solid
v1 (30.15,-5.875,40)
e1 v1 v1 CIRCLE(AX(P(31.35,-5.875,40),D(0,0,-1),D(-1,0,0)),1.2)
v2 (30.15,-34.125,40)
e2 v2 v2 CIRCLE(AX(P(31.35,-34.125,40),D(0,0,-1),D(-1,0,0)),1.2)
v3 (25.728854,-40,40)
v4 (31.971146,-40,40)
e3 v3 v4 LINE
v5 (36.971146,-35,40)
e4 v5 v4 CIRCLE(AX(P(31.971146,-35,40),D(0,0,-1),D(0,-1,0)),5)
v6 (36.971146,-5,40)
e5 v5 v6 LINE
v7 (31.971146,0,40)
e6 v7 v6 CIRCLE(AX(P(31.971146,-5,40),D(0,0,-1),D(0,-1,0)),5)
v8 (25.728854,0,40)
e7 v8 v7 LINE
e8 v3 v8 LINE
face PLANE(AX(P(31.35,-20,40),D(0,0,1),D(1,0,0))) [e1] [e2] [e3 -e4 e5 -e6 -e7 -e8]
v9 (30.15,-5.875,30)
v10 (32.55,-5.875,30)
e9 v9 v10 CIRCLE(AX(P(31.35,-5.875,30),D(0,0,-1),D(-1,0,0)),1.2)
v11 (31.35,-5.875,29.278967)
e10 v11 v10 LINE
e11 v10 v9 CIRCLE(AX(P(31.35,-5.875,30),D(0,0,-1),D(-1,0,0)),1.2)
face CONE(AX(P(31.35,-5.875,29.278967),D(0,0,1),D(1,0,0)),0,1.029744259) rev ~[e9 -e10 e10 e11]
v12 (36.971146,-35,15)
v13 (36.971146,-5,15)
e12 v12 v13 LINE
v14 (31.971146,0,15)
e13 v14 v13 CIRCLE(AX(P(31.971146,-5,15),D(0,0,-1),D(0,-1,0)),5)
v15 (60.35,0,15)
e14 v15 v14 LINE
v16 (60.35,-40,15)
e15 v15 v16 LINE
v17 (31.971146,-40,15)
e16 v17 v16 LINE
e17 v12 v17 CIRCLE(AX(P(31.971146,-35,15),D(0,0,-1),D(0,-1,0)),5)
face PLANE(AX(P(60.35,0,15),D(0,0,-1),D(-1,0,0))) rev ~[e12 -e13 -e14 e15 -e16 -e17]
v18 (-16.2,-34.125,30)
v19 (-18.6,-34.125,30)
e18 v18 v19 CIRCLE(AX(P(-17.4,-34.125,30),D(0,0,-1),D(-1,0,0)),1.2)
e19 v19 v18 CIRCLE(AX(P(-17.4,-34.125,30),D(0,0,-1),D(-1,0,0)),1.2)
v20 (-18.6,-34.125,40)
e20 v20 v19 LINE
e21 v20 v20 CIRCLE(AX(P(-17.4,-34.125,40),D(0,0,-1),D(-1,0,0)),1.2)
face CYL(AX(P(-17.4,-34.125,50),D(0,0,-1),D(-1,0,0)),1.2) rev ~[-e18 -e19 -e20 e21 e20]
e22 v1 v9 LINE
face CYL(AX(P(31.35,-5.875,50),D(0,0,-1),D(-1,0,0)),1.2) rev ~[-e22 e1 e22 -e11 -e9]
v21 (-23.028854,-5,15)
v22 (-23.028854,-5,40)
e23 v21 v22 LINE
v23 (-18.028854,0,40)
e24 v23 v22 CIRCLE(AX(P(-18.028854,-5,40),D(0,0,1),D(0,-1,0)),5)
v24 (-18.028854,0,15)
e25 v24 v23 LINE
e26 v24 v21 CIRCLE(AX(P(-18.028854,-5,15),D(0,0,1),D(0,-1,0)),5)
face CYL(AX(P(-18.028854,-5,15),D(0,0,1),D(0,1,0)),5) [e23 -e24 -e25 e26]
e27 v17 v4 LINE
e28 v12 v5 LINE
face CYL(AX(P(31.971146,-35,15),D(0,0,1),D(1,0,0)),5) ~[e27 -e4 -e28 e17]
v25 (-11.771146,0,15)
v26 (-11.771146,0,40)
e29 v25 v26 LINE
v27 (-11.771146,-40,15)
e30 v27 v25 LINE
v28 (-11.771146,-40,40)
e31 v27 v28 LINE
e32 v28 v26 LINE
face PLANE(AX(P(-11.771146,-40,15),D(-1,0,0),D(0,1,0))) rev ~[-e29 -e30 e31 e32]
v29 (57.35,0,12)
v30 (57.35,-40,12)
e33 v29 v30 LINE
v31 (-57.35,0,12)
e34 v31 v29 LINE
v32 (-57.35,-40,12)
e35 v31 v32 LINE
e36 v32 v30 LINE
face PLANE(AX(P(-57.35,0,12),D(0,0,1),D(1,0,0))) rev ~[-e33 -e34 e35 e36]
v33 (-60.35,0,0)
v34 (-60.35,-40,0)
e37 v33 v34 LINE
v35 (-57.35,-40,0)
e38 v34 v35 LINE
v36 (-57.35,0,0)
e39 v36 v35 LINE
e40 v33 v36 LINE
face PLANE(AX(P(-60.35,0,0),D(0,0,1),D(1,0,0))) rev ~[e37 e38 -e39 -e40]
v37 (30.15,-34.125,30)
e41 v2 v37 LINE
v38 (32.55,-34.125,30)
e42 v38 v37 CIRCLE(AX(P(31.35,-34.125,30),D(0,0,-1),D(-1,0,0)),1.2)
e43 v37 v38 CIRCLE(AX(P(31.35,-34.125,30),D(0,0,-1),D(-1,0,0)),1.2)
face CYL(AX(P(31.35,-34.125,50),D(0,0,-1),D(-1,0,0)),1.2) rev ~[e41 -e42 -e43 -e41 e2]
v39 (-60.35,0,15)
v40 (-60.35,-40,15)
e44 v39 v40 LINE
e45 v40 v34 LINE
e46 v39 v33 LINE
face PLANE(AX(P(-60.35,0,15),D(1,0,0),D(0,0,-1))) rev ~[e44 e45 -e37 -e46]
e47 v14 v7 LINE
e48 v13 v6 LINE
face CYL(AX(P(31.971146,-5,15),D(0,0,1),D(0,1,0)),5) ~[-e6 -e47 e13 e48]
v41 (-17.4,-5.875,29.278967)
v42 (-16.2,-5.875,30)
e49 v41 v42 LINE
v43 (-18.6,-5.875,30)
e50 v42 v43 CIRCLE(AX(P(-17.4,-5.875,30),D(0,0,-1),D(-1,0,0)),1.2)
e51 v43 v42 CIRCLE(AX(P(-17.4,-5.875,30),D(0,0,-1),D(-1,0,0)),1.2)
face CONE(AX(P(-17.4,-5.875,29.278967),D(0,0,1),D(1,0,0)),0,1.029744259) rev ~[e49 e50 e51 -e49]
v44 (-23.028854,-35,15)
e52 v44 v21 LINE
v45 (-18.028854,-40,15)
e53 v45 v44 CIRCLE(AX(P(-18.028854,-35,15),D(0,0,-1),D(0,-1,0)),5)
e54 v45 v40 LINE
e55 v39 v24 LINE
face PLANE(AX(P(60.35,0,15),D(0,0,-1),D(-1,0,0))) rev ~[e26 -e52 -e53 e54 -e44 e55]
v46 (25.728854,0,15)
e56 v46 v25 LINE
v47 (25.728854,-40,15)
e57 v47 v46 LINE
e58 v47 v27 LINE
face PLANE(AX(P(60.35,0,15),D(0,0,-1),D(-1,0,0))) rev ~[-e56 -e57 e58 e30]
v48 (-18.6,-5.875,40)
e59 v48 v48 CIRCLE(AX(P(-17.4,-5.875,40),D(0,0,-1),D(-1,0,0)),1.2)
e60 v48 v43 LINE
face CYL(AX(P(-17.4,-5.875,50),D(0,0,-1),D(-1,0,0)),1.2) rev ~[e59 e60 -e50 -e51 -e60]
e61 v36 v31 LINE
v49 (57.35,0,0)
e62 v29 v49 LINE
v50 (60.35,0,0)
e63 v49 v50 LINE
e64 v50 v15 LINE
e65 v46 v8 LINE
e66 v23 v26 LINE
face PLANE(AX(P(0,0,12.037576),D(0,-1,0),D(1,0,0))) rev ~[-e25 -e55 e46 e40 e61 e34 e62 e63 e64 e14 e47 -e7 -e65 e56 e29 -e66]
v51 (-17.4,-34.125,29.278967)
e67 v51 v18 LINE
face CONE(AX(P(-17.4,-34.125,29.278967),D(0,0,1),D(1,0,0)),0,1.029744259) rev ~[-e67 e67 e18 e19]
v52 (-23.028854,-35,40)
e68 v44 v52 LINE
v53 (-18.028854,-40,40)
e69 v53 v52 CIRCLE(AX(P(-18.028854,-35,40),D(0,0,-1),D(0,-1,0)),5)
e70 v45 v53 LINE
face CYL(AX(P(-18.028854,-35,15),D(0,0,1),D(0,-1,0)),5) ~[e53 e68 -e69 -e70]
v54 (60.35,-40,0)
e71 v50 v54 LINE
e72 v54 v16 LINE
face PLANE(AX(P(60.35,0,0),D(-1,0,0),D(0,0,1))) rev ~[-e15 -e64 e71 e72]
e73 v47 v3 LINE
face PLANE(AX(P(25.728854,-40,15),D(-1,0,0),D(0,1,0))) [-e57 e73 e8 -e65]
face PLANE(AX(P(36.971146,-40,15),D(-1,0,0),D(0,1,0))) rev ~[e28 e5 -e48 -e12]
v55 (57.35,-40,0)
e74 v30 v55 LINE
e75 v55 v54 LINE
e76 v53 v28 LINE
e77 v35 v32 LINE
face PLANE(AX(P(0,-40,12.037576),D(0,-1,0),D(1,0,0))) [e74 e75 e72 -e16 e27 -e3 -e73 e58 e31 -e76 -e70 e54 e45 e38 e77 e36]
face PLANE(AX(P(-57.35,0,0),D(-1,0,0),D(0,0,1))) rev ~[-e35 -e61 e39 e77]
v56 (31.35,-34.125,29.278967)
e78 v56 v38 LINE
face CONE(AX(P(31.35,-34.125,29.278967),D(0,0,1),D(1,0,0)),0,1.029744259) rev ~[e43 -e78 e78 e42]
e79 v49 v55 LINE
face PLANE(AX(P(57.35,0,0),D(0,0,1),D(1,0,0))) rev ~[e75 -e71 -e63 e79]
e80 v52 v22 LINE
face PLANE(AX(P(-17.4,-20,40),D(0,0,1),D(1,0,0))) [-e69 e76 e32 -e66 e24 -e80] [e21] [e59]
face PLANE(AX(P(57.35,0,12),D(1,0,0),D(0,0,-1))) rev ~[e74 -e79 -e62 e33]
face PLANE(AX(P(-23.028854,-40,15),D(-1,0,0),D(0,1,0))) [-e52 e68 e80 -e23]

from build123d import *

# Parameters (mm, degrees)
F1_DEPTH = 40
F2_W     = 11.2577080727
F2_H     = 40
F2_W_2   = 11.2422919273
F3_DEPTH = 25
F5_D     = 2.4
F5_DEPTH = 10
F5_TIP   = 0.7210327428
F6_R     = 5


with BuildPart() as f1:
    # F0 (on Front) → F1 (new body)
    with BuildSketch(Plane.XZ):
        Polygon((60.35, 15), (-60.35, 15), (-60.35, 0), (-57.35, 0), (-57.35, 12), (57.35, 12), (57.35, 0), (60.35, 0), align=None)
    extrude(amount=F1_DEPTH)

    # F2 (on face) → F3 (join)
    with BuildSketch(Plane.XY.offset(15)):
        with Locations((-17.4, -20)):
            Rectangle(F2_W, F2_H)
        with Locations((31.35, -20)):
            Rectangle(F2_W_2, F2_H)
    extrude(amount=F3_DEPTH)

    # F5
    with Locations(Plane.XY.offset(40)):
        with Locations((-17.4, -5.875), (31.35, -5.875), (31.35, -34.125), (-17.4, -34.125)):
            Hole(F5_D / 2, depth=F5_DEPTH)
            with Locations((0, 0, -(F5_DEPTH + F5_TIP / 2))):  # 118° drill point
                Cone(0, F5_D / 2, F5_TIP, mode=Mode.SUBTRACT)

    # F6
    f6_edges = [f1.edges().sort_by_distance(p)[0] for p in [
        (-23.028854, 0, 27.5),
        (36.971146, 0, 27.5),
        (36.971146, -40, 27.5),
        (-23.028854, -40, 27.5),
    ]]
    fillet(f6_edges, radius=F6_R)


solid = f1.part
